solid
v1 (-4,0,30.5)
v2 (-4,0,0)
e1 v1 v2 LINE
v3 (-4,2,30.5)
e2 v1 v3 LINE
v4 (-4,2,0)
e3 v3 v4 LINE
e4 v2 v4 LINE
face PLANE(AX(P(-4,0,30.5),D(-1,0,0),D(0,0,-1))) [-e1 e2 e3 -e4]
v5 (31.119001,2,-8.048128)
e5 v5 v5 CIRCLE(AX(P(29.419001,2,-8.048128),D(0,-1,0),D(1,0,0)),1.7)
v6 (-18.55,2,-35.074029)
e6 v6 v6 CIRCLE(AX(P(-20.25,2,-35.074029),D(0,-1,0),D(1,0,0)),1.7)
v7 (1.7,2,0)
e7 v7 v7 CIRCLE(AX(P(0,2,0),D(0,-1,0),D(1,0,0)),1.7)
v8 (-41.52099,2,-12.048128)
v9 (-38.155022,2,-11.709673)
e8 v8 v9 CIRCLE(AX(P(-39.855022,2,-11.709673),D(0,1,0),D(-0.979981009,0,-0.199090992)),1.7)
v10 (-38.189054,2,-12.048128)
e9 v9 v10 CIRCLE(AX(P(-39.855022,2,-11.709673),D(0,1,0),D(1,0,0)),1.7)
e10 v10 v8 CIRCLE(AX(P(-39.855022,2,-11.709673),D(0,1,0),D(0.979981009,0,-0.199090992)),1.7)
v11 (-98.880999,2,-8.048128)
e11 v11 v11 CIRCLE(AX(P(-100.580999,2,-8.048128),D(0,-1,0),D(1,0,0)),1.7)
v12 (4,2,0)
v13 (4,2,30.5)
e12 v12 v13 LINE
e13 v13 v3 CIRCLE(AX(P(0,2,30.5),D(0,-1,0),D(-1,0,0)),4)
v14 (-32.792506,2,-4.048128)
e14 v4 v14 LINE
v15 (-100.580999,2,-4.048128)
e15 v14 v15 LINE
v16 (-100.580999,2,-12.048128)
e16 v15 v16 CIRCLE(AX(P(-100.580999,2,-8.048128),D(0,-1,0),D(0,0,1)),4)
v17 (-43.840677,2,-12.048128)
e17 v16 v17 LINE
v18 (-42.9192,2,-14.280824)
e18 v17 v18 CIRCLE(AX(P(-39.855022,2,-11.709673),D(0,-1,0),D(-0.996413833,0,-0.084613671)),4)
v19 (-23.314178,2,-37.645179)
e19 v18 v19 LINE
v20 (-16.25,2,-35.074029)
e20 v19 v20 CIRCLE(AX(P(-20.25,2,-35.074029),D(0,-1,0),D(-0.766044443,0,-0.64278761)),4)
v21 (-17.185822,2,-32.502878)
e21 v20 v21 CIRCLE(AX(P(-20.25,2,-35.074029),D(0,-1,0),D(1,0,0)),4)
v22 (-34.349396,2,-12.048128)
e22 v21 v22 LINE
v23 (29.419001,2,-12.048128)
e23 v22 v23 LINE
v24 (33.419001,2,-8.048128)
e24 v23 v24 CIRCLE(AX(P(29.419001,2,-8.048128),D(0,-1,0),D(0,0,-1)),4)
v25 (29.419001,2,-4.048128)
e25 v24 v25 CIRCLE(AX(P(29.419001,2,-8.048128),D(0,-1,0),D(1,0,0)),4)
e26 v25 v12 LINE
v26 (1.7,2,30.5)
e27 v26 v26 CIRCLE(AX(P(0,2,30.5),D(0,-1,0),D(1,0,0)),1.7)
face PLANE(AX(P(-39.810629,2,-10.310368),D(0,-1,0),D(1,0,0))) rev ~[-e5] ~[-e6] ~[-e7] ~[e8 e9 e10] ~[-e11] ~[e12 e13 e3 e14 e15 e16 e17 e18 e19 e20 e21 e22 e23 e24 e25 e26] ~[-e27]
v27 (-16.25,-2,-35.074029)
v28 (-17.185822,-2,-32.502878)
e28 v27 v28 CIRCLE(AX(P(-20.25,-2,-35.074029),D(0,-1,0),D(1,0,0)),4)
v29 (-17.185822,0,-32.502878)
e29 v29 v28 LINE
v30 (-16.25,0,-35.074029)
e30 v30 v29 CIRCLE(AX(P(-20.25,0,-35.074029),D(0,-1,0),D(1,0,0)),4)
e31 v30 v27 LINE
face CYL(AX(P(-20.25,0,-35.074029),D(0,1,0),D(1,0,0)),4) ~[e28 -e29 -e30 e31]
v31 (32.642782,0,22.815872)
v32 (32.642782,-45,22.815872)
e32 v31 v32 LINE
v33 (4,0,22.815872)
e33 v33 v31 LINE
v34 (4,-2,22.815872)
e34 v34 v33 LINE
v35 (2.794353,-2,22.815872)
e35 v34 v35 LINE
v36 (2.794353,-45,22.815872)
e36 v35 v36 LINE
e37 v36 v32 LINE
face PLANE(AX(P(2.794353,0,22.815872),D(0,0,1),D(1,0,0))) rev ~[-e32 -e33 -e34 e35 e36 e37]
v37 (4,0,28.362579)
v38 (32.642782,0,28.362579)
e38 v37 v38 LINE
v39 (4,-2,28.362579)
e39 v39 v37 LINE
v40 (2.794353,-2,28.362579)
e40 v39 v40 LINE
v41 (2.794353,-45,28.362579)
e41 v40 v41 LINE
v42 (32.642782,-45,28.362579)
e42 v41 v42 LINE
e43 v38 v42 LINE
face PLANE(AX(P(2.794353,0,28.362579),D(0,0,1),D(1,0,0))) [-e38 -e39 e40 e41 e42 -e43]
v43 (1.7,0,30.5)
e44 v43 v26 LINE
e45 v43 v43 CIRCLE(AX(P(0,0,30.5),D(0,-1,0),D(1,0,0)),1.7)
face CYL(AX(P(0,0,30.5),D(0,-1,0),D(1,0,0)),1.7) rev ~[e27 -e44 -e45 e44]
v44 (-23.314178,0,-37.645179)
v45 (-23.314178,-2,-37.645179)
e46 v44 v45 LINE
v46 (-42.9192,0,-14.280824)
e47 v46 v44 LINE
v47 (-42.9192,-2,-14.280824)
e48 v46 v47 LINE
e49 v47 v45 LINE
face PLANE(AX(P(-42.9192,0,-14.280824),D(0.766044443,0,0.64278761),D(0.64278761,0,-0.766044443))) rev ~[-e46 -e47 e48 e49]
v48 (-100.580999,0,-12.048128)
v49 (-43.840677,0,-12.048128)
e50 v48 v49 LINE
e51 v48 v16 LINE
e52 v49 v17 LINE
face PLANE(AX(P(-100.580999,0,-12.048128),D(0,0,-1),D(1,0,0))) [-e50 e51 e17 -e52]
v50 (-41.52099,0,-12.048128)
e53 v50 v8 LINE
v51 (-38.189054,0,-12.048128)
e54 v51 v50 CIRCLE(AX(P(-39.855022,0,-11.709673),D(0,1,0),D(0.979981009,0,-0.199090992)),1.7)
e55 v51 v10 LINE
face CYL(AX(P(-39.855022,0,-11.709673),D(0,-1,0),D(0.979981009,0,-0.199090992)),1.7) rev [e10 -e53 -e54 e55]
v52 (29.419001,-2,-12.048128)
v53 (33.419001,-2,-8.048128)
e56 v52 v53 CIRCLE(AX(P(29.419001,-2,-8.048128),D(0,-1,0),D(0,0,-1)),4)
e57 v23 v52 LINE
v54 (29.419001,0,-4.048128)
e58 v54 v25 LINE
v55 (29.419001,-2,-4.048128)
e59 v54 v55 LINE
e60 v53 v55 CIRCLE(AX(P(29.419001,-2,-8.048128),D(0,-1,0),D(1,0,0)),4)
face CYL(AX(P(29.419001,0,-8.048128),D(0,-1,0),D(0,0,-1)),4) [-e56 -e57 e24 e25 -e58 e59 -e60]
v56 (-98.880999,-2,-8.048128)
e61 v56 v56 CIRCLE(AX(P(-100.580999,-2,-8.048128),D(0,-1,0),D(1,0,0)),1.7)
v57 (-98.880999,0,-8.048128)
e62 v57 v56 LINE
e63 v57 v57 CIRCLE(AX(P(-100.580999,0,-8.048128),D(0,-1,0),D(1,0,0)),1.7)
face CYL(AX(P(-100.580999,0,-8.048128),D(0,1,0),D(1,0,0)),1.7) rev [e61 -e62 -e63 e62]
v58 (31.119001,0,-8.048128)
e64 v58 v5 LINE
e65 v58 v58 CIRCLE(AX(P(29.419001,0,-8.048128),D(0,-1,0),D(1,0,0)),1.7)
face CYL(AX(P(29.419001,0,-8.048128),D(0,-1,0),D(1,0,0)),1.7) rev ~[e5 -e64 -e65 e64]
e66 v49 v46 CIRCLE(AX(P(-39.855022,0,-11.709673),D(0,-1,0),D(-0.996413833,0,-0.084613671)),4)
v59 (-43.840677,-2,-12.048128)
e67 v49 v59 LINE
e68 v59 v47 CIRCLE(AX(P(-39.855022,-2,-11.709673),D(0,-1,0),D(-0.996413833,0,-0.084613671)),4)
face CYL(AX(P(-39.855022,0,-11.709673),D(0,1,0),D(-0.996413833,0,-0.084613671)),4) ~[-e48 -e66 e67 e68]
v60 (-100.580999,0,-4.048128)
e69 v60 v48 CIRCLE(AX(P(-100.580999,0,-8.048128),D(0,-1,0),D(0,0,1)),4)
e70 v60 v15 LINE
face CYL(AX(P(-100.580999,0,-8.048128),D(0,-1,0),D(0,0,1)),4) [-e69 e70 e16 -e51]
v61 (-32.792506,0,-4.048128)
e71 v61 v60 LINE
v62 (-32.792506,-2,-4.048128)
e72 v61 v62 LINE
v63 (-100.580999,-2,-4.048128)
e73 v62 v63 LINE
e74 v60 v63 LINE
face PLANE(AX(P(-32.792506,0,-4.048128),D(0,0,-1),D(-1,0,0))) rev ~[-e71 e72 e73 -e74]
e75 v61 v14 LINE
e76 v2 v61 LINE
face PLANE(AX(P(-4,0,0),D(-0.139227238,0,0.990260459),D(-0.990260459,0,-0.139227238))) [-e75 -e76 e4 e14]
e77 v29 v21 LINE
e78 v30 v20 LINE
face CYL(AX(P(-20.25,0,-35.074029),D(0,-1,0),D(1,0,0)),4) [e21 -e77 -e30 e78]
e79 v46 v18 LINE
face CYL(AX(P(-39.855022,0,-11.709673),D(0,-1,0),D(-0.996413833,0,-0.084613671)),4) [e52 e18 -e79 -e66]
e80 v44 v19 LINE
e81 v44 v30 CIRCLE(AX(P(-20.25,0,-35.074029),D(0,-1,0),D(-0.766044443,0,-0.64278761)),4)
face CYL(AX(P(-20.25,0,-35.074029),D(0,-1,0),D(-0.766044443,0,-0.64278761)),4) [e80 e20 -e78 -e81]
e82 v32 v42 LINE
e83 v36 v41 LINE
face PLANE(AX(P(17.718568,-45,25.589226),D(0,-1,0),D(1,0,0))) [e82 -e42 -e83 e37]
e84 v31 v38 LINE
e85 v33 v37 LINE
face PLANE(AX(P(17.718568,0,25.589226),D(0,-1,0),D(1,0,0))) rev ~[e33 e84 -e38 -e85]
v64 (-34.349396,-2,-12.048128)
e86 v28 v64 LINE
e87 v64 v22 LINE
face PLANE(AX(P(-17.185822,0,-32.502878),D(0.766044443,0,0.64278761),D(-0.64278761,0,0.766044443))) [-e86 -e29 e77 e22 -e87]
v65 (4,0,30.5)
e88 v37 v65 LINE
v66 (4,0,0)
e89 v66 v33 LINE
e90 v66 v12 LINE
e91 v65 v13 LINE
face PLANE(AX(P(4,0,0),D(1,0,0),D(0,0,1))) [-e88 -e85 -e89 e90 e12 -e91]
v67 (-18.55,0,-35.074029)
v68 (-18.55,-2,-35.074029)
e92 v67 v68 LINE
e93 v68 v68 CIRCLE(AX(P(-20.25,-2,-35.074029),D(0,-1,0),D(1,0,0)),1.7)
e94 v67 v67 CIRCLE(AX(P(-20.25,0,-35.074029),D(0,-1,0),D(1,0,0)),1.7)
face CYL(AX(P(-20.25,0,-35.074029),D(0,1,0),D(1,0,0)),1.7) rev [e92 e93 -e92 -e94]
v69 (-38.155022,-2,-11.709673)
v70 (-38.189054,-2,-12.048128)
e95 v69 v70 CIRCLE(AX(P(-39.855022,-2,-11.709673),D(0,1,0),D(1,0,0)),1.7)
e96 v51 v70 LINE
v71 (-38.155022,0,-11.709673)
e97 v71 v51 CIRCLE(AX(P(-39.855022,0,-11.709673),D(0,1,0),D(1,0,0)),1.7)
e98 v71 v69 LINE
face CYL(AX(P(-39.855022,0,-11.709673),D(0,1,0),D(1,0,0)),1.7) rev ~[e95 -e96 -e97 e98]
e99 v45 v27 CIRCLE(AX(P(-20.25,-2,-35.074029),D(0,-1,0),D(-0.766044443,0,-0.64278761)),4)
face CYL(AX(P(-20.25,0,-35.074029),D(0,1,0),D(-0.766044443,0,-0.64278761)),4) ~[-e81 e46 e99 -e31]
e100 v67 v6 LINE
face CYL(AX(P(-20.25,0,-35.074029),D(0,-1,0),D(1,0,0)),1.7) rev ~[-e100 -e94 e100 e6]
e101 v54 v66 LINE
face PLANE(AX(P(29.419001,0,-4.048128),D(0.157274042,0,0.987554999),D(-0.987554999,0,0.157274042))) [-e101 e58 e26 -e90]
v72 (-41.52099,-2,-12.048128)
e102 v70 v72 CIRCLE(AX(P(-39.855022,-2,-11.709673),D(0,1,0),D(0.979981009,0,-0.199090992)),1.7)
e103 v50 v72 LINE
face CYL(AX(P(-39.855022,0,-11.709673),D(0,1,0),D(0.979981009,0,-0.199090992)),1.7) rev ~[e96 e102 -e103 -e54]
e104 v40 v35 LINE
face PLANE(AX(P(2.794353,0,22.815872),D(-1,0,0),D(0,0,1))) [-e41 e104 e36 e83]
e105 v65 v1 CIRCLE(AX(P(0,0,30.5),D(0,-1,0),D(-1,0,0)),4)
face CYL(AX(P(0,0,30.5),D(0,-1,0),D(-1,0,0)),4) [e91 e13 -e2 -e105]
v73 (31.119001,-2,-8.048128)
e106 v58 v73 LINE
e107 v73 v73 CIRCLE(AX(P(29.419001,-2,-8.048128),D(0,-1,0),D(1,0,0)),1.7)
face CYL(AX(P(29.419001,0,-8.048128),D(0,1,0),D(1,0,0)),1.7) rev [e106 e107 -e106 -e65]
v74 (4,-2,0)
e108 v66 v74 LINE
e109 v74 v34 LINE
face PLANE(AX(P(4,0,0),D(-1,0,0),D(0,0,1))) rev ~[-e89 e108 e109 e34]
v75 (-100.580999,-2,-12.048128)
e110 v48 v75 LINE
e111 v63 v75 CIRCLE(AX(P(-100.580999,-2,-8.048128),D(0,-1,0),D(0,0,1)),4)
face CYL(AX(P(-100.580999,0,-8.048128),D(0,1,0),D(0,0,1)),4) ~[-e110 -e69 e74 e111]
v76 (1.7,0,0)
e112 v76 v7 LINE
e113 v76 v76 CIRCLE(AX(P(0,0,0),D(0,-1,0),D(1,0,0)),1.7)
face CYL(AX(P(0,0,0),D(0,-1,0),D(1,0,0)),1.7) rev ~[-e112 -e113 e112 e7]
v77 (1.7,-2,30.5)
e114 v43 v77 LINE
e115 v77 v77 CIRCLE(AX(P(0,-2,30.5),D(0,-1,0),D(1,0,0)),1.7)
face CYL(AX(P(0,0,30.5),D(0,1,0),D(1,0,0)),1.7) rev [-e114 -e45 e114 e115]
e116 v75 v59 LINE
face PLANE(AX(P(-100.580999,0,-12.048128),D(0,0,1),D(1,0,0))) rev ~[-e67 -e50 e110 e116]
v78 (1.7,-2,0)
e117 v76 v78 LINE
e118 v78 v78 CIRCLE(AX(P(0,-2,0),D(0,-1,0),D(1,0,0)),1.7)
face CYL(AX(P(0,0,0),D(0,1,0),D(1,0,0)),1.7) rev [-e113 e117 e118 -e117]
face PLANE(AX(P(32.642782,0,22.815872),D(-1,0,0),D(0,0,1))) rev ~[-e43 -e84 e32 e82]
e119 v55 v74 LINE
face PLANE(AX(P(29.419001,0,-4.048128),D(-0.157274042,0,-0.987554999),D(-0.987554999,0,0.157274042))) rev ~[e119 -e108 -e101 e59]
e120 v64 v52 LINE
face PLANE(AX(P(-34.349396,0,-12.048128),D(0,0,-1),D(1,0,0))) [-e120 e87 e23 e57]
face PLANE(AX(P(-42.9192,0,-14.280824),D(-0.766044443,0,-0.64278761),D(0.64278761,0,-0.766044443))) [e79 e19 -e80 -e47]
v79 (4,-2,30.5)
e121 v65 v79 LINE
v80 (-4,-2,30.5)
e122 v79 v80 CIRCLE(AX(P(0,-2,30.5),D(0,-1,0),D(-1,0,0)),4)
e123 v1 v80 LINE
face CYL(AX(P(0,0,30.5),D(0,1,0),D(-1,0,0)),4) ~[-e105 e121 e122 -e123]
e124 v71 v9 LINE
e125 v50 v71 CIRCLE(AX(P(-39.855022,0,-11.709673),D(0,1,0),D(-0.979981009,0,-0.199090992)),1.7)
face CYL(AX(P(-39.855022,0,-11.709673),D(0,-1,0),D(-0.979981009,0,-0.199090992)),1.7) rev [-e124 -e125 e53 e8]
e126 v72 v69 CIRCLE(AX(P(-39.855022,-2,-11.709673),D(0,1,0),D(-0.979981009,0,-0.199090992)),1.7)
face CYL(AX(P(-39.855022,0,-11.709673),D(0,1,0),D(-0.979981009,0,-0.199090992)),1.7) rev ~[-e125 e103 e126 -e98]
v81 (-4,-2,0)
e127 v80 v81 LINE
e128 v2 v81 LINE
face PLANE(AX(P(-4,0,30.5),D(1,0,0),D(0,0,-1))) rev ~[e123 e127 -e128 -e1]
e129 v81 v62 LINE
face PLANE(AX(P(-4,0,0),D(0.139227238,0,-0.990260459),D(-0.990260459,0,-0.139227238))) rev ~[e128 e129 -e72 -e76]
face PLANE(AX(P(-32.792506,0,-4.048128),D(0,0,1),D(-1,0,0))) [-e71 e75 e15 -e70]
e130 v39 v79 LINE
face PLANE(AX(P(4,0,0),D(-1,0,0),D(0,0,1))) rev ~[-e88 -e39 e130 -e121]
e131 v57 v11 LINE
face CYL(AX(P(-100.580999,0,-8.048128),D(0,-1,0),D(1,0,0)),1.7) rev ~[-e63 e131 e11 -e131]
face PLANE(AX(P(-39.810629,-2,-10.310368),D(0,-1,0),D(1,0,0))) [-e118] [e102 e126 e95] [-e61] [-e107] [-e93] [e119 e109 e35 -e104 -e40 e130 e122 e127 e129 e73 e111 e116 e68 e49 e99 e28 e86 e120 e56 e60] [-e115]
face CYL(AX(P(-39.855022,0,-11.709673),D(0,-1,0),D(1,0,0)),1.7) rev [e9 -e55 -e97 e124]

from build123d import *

# Parameters (mm, degrees)
F1_R     = 1.7
F2_DEPTH = 2
F3_W     = 29.8484290563
F3_H     = 5.5467073855
F4_DEPTH = 45


with BuildPart() as f2:
    # F1 (on Front) → F2 (new body, symmetric)
    with BuildSketch(Plane.XZ):
        with BuildLine():
            ThreePointArc((-41.5209898099, -12.0481280239), (-40.0251027901, -10.0182028071), (-38.1550220954, -11.7096733381))
            ThreePointArc((-38.1550220954, -11.7096733381), (-38.1635515644, -11.8797540328), (-38.189054381, -12.0481280239))
            Line((-38.189054381, -12.0481280239), (-35.8693667634, -12.0481280239))
            ThreePointArc((-35.8693667634, -12.0481280239), (-35.8586098715, -11.8790526048), (-35.8550220954, -11.7096733381))
            ThreePointArc((-35.8550220954, -11.7096733381), (-36.0962516123, -10.3415927648), (-36.790844323, -9.1385228994))
            ThreePointArc((-36.790844323, -9.1385228994), (-41.381040024, -8.0122053827), (-43.8406774275, -12.0481280239))
            Line((-43.8406774275, -12.0481280239), (-41.5209898099, -12.0481280239))
        make_face()
        with BuildLine():
            ThreePointArc((-38.189054381, -12.0481280239), (-39.8550220954, -13.4096733381), (-41.5209898099, -12.0481280239))
            Line((-41.5209898099, -12.0481280239), (-43.8406774275, -12.0481280239))
            ThreePointArc((-43.8406774275, -12.0481280239), (-43.5524900509, -13.2356912667), (-42.9191998679, -14.2808237769))
            ThreePointArc((-42.9191998679, -14.2808237769), (-38.6473330608, -15.5230035357), (-35.8693667634, -12.0481280239))
            Line((-35.8693667634, -12.0481280239), (-38.189054381, -12.0481280239))
        make_face()
        with BuildLine():
            Line((-100.580998737, -12.0481280239), (-43.8406774275, -12.0481280239))
            ThreePointArc((-43.8406774275, -12.0481280239), (-41.381040024, -8.0122053827), (-36.790844323, -9.1385228994))
            Line((-36.790844323, -9.1385228994), (-34.3493957361, -12.0481280239))
            Line((-34.3493957361, -12.0481280239), (29.419001263, -12.0481280239))
            ThreePointArc((29.419001263, -12.0481280239), (25.419001263, -8.0481280239), (29.419001263, -4.0481280239))
            Line((29.419001263, -4.0481280239), (-32.7925062924, -4.0481280239))
            Line((-32.7925062924, -4.0481280239), (-100.580998737, -4.0481280239))
            ThreePointArc((-100.580998737, -4.0481280239), (-97.7525716123, -5.2197008992), (-96.580998737, -8.0481280239))
            ThreePointArc((-96.580998737, -8.0481280239), (-97.7525716123, -10.8765551487), (-100.580998737, -12.0481280239))
        make_face()
        with BuildLine():
            ThreePointArc((-35.8550220954, -11.7096733381), (-35.8586098715, -11.8790526048), (-35.8693667634, -12.0481280239))
            Line((-35.8693667634, -12.0481280239), (-34.3493957361, -12.0481280239))
            Line((-34.3493957361, -12.0481280239), (-36.790844323, -9.1385228994))
            ThreePointArc((-36.790844323, -9.1385228994), (-36.0962516123, -10.3415927648), (-35.8550220954, -11.7096733381))
        make_face()
        with BuildLine():
            Line((-34.3493957361, -12.0481280239), (-35.8693667634, -12.0481280239))
            ThreePointArc((-35.8693667634, -12.0481280239), (-38.6473330608, -15.5230035357), (-42.9191998679, -14.2808237769))
            Line((-42.9191998679, -14.2808237769), (-23.3141777725, -37.645179292))
            ThreePointArc((-23.3141777725, -37.645179292), (-22.8211504387, -32.0098510808), (-17.1858222275, -32.5028784145))
            Line((-17.1858222275, -32.5028784145), (-34.3493957361, -12.0481280239))
        make_face()
        with BuildLine():
            ThreePointArc((-100.580998737, -4.0481280239), (-104.580998737, -8.0481280239), (-100.580998737, -12.0481280239))
            ThreePointArc((-100.580998737, -12.0481280239), (-97.7525716123, -10.8765551487), (-96.580998737, -8.0481280239))
            ThreePointArc((-96.580998737, -8.0481280239), (-97.7525716123, -5.2197008992), (-100.580998737, -4.0481280239))
        make_face()
        with Locations((-100.580998737, -8.0481280239)):
            Circle(F1_R, mode=Mode.SUBTRACT)
        with BuildLine():
            ThreePointArc((-17.1858222275, -32.5028784145), (-22.8211504387, -32.0098510808), (-23.3141777725, -37.645179292))
            ThreePointArc((-23.3141777725, -37.645179292), (-18.8819194267, -38.8327993364), (-16.25, -35.0740288533))
            ThreePointArc((-16.25, -35.0740288533), (-16.4912295169, -33.70594828), (-17.1858222275, -32.5028784145))
        make_face()
        with Locations((-20.25, -35.0740288533)):
            Circle(F1_R, mode=Mode.SUBTRACT)
        with BuildLine():
            ThreePointArc((29.419001263, -4.0481280239), (25.419001263, -8.0481280239), (29.419001263, -12.0481280239))
            ThreePointArc((29.419001263, -12.0481280239), (32.2474283877, -10.8765551487), (33.419001263, -8.0481280239))
            ThreePointArc((33.419001263, -8.0481280239), (32.2474283877, -5.2197008992), (29.419001263, -4.0481280239))
        make_face()
        with Locations((29.419001263, -8.0481280239)):
            Circle(F1_R, mode=Mode.SUBTRACT)
        with BuildLine():
            Line((-4, 0), (-32.7925062924, -4.0481280239))
            Line((-32.7925062924, -4.0481280239), (29.419001263, -4.0481280239))
            Line((29.419001263, -4.0481280239), (4, 0))
            ThreePointArc((4, 0), (0, -4), (-4, 0))
        make_face()
        with BuildLine():
            Line((-4, 30.5), (-4, 0))
            ThreePointArc((-4, 0), (0, 4), (4, 0))
            Line((4, 0), (4, 30.5))
            ThreePointArc((4, 30.5), (0, 26.5), (-4, 30.5))
        make_face()
        with BuildLine():
            ThreePointArc((4, 0), (0, 4), (-4, 0))
            ThreePointArc((-4, 0), (0, -4), (4, 0))
        make_face()
        Circle(F1_R, mode=Mode.SUBTRACT)
        with BuildLine():
            ThreePointArc((4, 30.5), (0, 34.5), (-4, 30.5))
            ThreePointArc((-4, 30.5), (0, 26.5), (4, 30.5))
        make_face()
        with Locations((0, 30.5)):
            Circle(F1_R, mode=Mode.SUBTRACT)
    extrude(amount=F2_DEPTH, both=True)

    # F3 (on Front) → F4 (join)
    with BuildSketch(Plane.XZ):
        with Locations((17.7185675129, 25.5892256688)):
            Rectangle(F3_W, F3_H)
    extrude(amount=F4_DEPTH)


solid = f2.part
